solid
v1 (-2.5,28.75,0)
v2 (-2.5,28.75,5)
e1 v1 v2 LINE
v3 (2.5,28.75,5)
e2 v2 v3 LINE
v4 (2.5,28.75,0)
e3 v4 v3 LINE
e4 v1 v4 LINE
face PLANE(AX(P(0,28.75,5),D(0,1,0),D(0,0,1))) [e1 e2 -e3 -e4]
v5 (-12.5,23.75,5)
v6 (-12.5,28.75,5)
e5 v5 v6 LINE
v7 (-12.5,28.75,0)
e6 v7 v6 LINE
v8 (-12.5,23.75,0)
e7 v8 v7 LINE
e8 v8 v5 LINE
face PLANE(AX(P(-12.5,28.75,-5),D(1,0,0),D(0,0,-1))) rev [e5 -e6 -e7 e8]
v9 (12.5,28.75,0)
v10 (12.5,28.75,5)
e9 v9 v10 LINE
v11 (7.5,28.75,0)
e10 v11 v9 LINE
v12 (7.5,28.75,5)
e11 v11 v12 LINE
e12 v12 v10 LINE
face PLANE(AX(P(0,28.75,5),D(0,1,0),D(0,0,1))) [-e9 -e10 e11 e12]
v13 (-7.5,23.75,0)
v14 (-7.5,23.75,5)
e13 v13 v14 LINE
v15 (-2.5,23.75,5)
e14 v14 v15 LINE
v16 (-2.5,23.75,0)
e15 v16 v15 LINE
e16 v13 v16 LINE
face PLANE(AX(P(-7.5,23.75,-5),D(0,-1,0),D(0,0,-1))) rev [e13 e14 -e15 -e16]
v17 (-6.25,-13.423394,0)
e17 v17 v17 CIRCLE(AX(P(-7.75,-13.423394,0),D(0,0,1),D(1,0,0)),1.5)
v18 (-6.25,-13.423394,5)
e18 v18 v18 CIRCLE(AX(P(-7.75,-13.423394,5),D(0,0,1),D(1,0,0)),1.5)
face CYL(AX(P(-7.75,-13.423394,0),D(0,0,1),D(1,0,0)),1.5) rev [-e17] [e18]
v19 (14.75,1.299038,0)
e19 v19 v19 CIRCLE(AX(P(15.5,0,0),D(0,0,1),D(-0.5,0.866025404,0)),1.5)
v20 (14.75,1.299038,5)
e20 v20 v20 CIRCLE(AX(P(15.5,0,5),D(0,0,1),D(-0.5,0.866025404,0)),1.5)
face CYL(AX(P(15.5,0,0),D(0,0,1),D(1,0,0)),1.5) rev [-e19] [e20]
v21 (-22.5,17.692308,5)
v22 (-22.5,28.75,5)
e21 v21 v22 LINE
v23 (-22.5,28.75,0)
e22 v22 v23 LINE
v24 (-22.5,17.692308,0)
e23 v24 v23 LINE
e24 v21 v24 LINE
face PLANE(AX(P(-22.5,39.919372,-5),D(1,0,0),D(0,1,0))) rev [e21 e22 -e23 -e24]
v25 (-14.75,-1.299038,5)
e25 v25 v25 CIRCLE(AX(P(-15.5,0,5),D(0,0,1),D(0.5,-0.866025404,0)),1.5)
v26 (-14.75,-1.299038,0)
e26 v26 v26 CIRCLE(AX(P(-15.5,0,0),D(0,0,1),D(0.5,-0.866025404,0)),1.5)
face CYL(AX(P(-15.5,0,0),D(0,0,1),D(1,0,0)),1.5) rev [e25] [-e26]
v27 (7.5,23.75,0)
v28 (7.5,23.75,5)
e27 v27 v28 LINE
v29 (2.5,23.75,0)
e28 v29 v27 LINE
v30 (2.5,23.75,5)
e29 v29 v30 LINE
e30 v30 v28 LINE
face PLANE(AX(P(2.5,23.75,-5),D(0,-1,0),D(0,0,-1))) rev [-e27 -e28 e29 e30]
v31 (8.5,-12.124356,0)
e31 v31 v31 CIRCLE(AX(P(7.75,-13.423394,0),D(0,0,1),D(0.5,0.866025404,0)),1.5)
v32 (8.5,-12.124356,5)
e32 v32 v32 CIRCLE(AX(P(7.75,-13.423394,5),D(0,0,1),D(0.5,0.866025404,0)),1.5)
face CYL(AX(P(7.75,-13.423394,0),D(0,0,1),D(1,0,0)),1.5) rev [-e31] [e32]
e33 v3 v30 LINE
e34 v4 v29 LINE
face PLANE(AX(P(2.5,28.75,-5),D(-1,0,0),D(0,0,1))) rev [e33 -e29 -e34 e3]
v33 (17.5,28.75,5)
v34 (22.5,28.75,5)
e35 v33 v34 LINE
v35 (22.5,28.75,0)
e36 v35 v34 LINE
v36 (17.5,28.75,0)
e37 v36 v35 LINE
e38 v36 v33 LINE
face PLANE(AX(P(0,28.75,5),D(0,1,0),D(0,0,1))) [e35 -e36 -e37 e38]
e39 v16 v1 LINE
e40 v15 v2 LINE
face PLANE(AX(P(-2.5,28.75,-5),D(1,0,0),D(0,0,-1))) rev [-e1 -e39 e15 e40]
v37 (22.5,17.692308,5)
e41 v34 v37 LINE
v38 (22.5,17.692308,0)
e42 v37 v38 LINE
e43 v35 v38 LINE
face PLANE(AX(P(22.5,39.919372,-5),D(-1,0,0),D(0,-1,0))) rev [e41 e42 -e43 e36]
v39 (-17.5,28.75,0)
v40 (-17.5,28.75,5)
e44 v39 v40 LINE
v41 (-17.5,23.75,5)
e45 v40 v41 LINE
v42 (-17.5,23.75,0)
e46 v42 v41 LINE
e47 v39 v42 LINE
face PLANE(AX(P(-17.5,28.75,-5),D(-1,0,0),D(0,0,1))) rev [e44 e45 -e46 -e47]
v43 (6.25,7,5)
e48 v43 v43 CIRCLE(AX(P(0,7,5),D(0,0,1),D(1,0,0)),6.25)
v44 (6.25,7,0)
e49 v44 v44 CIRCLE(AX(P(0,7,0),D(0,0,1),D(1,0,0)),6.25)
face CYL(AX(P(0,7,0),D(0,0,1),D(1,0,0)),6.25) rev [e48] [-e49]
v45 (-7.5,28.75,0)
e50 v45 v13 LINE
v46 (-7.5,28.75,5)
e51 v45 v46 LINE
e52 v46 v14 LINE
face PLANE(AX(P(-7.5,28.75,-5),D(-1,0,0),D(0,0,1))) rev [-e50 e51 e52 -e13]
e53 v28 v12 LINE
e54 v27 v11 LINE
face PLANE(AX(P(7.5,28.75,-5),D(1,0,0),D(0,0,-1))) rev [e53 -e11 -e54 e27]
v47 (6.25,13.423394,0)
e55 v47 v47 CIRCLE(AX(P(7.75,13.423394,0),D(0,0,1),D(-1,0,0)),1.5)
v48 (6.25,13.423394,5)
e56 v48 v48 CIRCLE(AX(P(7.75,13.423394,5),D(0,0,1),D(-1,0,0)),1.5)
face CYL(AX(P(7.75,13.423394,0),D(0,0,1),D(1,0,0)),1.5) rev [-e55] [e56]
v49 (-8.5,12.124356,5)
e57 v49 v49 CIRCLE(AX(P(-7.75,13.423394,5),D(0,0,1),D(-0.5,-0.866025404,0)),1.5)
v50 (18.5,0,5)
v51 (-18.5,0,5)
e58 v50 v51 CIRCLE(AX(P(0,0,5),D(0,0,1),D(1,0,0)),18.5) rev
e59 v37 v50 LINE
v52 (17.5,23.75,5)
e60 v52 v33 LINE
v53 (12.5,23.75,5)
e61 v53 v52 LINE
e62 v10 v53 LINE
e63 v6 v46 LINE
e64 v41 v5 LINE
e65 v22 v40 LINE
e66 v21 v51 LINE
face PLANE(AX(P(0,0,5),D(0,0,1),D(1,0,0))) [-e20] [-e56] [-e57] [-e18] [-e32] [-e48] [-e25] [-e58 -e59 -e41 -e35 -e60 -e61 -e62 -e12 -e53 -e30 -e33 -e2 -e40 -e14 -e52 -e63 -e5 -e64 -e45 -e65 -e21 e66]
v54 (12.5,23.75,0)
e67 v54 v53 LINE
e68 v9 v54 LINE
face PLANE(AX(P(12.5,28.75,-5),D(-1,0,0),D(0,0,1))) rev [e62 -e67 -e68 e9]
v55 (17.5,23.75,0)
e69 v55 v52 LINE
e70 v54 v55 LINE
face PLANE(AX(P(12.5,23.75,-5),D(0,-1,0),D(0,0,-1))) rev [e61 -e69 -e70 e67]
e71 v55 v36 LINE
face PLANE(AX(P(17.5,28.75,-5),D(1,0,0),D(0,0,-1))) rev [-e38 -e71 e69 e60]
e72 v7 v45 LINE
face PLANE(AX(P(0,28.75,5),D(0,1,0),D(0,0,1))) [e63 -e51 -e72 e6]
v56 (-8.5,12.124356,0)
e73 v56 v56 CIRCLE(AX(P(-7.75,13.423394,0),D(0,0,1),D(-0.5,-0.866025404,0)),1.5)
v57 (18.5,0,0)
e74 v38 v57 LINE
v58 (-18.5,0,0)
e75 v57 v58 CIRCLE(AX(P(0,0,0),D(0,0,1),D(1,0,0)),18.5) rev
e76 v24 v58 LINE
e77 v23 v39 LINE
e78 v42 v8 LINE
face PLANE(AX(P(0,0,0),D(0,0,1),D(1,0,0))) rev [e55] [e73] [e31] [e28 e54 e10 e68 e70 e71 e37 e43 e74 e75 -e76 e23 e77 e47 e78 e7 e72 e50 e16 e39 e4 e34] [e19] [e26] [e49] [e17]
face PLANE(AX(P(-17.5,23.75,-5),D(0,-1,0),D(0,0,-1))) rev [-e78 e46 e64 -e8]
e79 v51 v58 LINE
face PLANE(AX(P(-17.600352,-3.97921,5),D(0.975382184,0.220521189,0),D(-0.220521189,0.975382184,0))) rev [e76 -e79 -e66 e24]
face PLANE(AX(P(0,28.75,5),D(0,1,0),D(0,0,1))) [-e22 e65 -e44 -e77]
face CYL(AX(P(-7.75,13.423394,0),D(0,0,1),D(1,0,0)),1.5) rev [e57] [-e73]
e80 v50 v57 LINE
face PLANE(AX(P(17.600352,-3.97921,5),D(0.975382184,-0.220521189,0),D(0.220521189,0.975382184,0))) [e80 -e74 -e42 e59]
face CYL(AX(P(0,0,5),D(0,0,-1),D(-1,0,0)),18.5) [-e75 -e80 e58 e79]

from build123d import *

# Parameters (mm, degrees)
BOSS_EXTRU_2_DEPTH           = 5
ESQUISSE2_R                  = 1.5
ENL_V_MAT_EXTRU_1_DEPTH      = 5
R_P_TITION_CIRCULAIRE1_COUNT = 6
ESQUISSE3_R                  = 6.25
ENL_V_MAT_EXTRU_2_DEPTH      = 5
ESQUISSE4_W                  = 5
ESQUISSE4_H                  = 5
ENL_V_MAT_EXTRU_3_DEPTH      = 10
R_P_TITION_LIN_AIRE1_COUNT   = 4
R_P_TITION_LIN_AIRE1_PITCH   = 10
ESQUISSE5_W                  = 11.156910716
ESQUISSE5_H                  = 32.673754016
ESQUISSE5_W_2                = 16.593305943
ENL_V_MAT_EXTRU_4_DEPTH      = 10


with BuildPart() as part:
    # Esquisse1 → Boss.-Extru.2 (new body)
    with BuildSketch(Plane.XY):
        with BuildLine():
            ThreePointArc((18.5, 0), (0, -18.5), (-18.5, 0))
            Line((-18.5, 0), (-25, 28.75))
            Line((-25, 28.75), (25, 28.75))
            Line((25, 28.75), (18.5, 0))
        make_face()
    extrude(amount=BOSS_EXTRU_2_DEPTH)

    # Esquisse2 → Enlèv. mat.-Extru.1 (cut)
    with BuildSketch(Plane.XY.offset(5)):
        with Locations((-7.75, -13.423393759)):
            Circle(ESQUISSE2_R)
    enl_v_mat_extru_1 = extrude(amount=-ENL_V_MAT_EXTRU_1_DEPTH, mode=Mode.SUBTRACT)

    # Répétition circulaire1: Enlèv. mat.-Extru.1 ×6 about axis
    r_p_tition_circulaire1_axis = Axis((0, 0, 0), (0, 0, 1))
    for i in range(1, R_P_TITION_CIRCULAIRE1_COUNT):
        add(enl_v_mat_extru_1.rotate(r_p_tition_circulaire1_axis, i * 360 / R_P_TITION_CIRCULAIRE1_COUNT), mode=Mode.SUBTRACT)

    # Esquisse3 → Enlèv. mat.-Extru.2 (cut)
    with BuildSketch(Plane.XY.offset(5)):
        with Locations((0, 7)):
            Circle(ESQUISSE3_R)
    extrude(amount=-ENL_V_MAT_EXTRU_2_DEPTH, mode=Mode.SUBTRACT)

    # Esquisse4 → Enlèv. mat.-Extru.3 (cut)
    with BuildSketch(Plane.XY.offset(5)):
        with Locations((-15, 26.25)):
            Rectangle(ESQUISSE4_W, ESQUISSE4_H)
    enl_v_mat_extru_3 = extrude(amount=-ENL_V_MAT_EXTRU_3_DEPTH, mode=Mode.SUBTRACT)

    # Répétition linéaire1: Enlèv. mat.-Extru.3 ×4
    with Locations(*[(i * R_P_TITION_LIN_AIRE1_PITCH, 0, 0) for i in range(1, R_P_TITION_LIN_AIRE1_COUNT)]):
        add(enl_v_mat_extru_3, mode=Mode.SUBTRACT)

    # Esquisse5 → Enlèv. mat.-Extru.4 (cut)
    with BuildSketch(Plane.XY.offset(5)):
        with Locations((28.078455358, 23.582495232)):
            Rectangle(ESQUISSE5_W, ESQUISSE5_H)
        with Locations((-30.796652972, 23.582495232)):
            Rectangle(ESQUISSE5_W_2, ESQUISSE5_H)
    extrude(amount=-ENL_V_MAT_EXTRU_4_DEPTH, mode=Mode.SUBTRACT)


solid = part.part
